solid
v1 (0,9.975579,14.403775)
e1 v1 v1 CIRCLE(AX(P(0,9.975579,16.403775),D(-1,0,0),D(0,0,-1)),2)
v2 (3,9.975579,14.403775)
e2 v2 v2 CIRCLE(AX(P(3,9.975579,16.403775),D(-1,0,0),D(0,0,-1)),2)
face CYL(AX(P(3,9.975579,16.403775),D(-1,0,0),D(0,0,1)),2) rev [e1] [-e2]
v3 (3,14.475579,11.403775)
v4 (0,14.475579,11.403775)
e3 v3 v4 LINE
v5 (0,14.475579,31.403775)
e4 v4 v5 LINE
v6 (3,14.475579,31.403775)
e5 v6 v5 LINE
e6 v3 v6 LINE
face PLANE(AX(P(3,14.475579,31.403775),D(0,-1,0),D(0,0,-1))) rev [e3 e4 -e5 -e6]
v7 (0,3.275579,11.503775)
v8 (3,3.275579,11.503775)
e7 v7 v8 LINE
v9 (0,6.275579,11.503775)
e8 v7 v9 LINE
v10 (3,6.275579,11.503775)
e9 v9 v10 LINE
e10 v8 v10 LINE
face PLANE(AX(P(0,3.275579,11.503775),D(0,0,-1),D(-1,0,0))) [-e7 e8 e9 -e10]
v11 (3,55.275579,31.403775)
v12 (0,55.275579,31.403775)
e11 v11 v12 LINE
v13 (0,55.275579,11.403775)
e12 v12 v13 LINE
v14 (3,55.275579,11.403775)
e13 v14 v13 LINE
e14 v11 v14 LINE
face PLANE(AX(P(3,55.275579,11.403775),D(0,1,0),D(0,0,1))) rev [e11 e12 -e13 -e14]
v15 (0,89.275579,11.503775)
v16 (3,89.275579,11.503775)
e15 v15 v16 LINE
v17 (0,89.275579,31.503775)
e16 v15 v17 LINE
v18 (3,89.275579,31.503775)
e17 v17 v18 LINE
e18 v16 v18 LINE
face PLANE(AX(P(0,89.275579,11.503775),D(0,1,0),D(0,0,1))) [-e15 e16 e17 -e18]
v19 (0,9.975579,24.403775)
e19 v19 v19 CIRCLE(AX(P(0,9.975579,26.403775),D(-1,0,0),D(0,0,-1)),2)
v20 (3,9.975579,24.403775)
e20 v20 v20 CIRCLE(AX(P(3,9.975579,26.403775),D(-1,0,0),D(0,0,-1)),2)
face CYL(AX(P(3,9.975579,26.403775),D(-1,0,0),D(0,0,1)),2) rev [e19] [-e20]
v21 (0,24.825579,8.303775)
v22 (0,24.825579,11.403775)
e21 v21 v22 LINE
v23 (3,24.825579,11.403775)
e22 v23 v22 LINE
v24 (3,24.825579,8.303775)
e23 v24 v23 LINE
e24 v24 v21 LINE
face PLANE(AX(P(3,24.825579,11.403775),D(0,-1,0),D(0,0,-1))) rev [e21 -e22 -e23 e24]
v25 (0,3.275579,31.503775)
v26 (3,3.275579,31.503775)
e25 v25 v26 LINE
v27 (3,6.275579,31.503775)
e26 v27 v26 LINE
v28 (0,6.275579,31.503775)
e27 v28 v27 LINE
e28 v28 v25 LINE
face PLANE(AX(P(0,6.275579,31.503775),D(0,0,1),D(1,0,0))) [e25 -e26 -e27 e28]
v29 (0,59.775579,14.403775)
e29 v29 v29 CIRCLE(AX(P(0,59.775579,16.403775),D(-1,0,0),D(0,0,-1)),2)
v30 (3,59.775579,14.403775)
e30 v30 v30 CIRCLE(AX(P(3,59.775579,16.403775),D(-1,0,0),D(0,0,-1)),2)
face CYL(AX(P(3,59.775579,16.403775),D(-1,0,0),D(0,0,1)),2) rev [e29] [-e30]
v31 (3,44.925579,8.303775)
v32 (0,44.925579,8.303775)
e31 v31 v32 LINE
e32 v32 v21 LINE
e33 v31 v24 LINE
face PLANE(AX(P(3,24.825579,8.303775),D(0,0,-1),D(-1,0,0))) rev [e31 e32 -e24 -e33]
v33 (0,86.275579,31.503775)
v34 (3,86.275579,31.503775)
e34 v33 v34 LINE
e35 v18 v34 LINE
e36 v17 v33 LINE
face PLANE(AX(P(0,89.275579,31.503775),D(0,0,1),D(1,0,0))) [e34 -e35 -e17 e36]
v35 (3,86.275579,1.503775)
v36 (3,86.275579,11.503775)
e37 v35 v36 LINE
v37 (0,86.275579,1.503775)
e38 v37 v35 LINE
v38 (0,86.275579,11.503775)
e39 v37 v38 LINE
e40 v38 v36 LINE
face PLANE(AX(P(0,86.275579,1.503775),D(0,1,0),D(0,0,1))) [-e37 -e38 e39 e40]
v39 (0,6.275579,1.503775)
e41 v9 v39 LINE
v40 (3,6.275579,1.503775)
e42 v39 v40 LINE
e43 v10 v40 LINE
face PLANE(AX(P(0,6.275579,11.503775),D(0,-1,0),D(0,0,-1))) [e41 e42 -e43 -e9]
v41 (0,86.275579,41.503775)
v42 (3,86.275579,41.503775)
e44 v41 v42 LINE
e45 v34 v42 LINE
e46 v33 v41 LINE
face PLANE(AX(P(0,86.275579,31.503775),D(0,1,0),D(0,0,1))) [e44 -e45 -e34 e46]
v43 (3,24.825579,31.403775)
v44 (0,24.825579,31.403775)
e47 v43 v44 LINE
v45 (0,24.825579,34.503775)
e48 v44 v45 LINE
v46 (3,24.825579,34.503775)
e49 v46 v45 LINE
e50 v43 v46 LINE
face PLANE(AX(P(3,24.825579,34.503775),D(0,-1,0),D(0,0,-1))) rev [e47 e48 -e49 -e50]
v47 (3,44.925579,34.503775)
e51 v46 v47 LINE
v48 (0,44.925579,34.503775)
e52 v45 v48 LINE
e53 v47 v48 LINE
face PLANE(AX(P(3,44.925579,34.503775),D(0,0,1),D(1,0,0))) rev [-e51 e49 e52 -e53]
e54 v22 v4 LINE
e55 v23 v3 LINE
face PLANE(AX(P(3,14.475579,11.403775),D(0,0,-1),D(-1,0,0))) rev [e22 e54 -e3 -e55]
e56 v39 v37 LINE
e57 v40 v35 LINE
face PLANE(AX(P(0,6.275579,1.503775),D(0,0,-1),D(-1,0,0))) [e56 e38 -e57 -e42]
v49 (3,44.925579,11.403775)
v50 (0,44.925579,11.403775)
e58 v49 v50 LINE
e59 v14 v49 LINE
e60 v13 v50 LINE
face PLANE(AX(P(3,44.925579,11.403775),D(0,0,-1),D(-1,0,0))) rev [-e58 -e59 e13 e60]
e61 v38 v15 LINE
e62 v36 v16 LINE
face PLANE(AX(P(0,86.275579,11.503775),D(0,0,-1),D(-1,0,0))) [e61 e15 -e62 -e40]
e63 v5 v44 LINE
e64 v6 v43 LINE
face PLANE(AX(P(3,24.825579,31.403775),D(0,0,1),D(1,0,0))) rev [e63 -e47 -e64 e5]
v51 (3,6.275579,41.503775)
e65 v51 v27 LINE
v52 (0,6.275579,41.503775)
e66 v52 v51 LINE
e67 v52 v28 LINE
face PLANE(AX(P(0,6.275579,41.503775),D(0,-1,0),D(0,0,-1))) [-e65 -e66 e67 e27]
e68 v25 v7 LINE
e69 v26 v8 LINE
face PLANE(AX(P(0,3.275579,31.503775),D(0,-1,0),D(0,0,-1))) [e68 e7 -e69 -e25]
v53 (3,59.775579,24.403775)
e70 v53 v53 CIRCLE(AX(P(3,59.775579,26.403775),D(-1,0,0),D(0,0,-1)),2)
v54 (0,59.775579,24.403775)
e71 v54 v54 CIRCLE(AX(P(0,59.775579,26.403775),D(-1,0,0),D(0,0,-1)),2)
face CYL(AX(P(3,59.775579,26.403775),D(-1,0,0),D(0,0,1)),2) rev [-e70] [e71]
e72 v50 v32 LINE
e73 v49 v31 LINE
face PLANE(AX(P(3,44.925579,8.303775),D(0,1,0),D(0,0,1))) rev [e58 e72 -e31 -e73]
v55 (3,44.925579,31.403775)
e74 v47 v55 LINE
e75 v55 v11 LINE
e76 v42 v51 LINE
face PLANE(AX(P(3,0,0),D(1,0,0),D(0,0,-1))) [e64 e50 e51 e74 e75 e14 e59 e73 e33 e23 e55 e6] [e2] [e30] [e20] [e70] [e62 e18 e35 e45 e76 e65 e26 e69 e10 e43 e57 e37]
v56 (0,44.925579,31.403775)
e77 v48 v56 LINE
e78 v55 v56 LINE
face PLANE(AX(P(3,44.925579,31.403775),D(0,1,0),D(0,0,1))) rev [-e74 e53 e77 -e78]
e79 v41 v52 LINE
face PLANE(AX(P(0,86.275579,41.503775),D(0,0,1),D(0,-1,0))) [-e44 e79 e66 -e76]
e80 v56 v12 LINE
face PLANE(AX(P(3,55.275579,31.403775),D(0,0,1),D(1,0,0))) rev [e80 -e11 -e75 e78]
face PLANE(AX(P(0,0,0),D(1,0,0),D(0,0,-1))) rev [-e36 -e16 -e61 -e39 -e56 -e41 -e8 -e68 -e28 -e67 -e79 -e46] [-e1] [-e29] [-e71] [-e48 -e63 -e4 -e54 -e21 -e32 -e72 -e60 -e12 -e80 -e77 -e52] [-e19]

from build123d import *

# Parameters (mm, degrees)
BOSS_EXTRU_1_DEPTH      = 3
ESQUISSE2_R             = 2
ENL_V_MAT_EXTRU_1_DEPTH = 99.4971691


with BuildPart() as part:
    # Esquisse1 → Boss.-Extru.1 (new body)
    with BuildSketch(Plane(origin=(3, 0, 0), x_dir=(0, 0, -1), z_dir=(1, 0, 0))):
        Polygon((-31.50377455, 89.275579073), (-31.50377455, 86.275579073), (-41.50377455, 86.275579073), (-41.50377455, 6.275579073), (-31.50377455, 6.275579073), (-31.50377455, 3.275579073), (-11.50377455, 3.275579073), (-11.50377455, 6.275579073), (-1.50377455, 6.275579073), (-1.50377455, 86.275579073), (-11.50377455, 86.275579073), (-11.50377455, 89.275579073), align=None)
    extrude(amount=-BOSS_EXTRU_1_DEPTH)

    # Esquisse2 → Enlèv. mat.-Extru.1 (cut, through all)
    with BuildSketch(Plane.ZY):
        with Locations(Location((26.40377455, 9.975579073, 0), (0, 0, 180))):
            Circle(ESQUISSE2_R)
        with Locations(Location((16.40377455, 59.775579073, 0), (0, 0, 180))):
            Circle(ESQUISSE2_R)
        with Locations(Location((26.40377455, 59.775579073, 0), (0, 0, 180))):
            Circle(ESQUISSE2_R)
        with Locations(Location((16.40377455, 9.975579073, 0), (0, 0, 180))):
            Circle(ESQUISSE2_R)
        Polygon((11.40377455, 44.925579073), (11.40377455, 55.275579073), (31.40377455, 55.275579073), (31.40377455, 44.925579073), (34.50377455, 44.925579073), (34.50377455, 24.825579073), (31.40377455, 24.825579073), (31.40377455, 14.475579073), (11.40377455, 14.475579073), (11.40377455, 24.825579073), (8.30377455, 24.825579073), (8.30377455, 44.925579073), align=None)
    extrude(amount=-ENL_V_MAT_EXTRU_1_DEPTH, mode=Mode.SUBTRACT)


solid = part.part
